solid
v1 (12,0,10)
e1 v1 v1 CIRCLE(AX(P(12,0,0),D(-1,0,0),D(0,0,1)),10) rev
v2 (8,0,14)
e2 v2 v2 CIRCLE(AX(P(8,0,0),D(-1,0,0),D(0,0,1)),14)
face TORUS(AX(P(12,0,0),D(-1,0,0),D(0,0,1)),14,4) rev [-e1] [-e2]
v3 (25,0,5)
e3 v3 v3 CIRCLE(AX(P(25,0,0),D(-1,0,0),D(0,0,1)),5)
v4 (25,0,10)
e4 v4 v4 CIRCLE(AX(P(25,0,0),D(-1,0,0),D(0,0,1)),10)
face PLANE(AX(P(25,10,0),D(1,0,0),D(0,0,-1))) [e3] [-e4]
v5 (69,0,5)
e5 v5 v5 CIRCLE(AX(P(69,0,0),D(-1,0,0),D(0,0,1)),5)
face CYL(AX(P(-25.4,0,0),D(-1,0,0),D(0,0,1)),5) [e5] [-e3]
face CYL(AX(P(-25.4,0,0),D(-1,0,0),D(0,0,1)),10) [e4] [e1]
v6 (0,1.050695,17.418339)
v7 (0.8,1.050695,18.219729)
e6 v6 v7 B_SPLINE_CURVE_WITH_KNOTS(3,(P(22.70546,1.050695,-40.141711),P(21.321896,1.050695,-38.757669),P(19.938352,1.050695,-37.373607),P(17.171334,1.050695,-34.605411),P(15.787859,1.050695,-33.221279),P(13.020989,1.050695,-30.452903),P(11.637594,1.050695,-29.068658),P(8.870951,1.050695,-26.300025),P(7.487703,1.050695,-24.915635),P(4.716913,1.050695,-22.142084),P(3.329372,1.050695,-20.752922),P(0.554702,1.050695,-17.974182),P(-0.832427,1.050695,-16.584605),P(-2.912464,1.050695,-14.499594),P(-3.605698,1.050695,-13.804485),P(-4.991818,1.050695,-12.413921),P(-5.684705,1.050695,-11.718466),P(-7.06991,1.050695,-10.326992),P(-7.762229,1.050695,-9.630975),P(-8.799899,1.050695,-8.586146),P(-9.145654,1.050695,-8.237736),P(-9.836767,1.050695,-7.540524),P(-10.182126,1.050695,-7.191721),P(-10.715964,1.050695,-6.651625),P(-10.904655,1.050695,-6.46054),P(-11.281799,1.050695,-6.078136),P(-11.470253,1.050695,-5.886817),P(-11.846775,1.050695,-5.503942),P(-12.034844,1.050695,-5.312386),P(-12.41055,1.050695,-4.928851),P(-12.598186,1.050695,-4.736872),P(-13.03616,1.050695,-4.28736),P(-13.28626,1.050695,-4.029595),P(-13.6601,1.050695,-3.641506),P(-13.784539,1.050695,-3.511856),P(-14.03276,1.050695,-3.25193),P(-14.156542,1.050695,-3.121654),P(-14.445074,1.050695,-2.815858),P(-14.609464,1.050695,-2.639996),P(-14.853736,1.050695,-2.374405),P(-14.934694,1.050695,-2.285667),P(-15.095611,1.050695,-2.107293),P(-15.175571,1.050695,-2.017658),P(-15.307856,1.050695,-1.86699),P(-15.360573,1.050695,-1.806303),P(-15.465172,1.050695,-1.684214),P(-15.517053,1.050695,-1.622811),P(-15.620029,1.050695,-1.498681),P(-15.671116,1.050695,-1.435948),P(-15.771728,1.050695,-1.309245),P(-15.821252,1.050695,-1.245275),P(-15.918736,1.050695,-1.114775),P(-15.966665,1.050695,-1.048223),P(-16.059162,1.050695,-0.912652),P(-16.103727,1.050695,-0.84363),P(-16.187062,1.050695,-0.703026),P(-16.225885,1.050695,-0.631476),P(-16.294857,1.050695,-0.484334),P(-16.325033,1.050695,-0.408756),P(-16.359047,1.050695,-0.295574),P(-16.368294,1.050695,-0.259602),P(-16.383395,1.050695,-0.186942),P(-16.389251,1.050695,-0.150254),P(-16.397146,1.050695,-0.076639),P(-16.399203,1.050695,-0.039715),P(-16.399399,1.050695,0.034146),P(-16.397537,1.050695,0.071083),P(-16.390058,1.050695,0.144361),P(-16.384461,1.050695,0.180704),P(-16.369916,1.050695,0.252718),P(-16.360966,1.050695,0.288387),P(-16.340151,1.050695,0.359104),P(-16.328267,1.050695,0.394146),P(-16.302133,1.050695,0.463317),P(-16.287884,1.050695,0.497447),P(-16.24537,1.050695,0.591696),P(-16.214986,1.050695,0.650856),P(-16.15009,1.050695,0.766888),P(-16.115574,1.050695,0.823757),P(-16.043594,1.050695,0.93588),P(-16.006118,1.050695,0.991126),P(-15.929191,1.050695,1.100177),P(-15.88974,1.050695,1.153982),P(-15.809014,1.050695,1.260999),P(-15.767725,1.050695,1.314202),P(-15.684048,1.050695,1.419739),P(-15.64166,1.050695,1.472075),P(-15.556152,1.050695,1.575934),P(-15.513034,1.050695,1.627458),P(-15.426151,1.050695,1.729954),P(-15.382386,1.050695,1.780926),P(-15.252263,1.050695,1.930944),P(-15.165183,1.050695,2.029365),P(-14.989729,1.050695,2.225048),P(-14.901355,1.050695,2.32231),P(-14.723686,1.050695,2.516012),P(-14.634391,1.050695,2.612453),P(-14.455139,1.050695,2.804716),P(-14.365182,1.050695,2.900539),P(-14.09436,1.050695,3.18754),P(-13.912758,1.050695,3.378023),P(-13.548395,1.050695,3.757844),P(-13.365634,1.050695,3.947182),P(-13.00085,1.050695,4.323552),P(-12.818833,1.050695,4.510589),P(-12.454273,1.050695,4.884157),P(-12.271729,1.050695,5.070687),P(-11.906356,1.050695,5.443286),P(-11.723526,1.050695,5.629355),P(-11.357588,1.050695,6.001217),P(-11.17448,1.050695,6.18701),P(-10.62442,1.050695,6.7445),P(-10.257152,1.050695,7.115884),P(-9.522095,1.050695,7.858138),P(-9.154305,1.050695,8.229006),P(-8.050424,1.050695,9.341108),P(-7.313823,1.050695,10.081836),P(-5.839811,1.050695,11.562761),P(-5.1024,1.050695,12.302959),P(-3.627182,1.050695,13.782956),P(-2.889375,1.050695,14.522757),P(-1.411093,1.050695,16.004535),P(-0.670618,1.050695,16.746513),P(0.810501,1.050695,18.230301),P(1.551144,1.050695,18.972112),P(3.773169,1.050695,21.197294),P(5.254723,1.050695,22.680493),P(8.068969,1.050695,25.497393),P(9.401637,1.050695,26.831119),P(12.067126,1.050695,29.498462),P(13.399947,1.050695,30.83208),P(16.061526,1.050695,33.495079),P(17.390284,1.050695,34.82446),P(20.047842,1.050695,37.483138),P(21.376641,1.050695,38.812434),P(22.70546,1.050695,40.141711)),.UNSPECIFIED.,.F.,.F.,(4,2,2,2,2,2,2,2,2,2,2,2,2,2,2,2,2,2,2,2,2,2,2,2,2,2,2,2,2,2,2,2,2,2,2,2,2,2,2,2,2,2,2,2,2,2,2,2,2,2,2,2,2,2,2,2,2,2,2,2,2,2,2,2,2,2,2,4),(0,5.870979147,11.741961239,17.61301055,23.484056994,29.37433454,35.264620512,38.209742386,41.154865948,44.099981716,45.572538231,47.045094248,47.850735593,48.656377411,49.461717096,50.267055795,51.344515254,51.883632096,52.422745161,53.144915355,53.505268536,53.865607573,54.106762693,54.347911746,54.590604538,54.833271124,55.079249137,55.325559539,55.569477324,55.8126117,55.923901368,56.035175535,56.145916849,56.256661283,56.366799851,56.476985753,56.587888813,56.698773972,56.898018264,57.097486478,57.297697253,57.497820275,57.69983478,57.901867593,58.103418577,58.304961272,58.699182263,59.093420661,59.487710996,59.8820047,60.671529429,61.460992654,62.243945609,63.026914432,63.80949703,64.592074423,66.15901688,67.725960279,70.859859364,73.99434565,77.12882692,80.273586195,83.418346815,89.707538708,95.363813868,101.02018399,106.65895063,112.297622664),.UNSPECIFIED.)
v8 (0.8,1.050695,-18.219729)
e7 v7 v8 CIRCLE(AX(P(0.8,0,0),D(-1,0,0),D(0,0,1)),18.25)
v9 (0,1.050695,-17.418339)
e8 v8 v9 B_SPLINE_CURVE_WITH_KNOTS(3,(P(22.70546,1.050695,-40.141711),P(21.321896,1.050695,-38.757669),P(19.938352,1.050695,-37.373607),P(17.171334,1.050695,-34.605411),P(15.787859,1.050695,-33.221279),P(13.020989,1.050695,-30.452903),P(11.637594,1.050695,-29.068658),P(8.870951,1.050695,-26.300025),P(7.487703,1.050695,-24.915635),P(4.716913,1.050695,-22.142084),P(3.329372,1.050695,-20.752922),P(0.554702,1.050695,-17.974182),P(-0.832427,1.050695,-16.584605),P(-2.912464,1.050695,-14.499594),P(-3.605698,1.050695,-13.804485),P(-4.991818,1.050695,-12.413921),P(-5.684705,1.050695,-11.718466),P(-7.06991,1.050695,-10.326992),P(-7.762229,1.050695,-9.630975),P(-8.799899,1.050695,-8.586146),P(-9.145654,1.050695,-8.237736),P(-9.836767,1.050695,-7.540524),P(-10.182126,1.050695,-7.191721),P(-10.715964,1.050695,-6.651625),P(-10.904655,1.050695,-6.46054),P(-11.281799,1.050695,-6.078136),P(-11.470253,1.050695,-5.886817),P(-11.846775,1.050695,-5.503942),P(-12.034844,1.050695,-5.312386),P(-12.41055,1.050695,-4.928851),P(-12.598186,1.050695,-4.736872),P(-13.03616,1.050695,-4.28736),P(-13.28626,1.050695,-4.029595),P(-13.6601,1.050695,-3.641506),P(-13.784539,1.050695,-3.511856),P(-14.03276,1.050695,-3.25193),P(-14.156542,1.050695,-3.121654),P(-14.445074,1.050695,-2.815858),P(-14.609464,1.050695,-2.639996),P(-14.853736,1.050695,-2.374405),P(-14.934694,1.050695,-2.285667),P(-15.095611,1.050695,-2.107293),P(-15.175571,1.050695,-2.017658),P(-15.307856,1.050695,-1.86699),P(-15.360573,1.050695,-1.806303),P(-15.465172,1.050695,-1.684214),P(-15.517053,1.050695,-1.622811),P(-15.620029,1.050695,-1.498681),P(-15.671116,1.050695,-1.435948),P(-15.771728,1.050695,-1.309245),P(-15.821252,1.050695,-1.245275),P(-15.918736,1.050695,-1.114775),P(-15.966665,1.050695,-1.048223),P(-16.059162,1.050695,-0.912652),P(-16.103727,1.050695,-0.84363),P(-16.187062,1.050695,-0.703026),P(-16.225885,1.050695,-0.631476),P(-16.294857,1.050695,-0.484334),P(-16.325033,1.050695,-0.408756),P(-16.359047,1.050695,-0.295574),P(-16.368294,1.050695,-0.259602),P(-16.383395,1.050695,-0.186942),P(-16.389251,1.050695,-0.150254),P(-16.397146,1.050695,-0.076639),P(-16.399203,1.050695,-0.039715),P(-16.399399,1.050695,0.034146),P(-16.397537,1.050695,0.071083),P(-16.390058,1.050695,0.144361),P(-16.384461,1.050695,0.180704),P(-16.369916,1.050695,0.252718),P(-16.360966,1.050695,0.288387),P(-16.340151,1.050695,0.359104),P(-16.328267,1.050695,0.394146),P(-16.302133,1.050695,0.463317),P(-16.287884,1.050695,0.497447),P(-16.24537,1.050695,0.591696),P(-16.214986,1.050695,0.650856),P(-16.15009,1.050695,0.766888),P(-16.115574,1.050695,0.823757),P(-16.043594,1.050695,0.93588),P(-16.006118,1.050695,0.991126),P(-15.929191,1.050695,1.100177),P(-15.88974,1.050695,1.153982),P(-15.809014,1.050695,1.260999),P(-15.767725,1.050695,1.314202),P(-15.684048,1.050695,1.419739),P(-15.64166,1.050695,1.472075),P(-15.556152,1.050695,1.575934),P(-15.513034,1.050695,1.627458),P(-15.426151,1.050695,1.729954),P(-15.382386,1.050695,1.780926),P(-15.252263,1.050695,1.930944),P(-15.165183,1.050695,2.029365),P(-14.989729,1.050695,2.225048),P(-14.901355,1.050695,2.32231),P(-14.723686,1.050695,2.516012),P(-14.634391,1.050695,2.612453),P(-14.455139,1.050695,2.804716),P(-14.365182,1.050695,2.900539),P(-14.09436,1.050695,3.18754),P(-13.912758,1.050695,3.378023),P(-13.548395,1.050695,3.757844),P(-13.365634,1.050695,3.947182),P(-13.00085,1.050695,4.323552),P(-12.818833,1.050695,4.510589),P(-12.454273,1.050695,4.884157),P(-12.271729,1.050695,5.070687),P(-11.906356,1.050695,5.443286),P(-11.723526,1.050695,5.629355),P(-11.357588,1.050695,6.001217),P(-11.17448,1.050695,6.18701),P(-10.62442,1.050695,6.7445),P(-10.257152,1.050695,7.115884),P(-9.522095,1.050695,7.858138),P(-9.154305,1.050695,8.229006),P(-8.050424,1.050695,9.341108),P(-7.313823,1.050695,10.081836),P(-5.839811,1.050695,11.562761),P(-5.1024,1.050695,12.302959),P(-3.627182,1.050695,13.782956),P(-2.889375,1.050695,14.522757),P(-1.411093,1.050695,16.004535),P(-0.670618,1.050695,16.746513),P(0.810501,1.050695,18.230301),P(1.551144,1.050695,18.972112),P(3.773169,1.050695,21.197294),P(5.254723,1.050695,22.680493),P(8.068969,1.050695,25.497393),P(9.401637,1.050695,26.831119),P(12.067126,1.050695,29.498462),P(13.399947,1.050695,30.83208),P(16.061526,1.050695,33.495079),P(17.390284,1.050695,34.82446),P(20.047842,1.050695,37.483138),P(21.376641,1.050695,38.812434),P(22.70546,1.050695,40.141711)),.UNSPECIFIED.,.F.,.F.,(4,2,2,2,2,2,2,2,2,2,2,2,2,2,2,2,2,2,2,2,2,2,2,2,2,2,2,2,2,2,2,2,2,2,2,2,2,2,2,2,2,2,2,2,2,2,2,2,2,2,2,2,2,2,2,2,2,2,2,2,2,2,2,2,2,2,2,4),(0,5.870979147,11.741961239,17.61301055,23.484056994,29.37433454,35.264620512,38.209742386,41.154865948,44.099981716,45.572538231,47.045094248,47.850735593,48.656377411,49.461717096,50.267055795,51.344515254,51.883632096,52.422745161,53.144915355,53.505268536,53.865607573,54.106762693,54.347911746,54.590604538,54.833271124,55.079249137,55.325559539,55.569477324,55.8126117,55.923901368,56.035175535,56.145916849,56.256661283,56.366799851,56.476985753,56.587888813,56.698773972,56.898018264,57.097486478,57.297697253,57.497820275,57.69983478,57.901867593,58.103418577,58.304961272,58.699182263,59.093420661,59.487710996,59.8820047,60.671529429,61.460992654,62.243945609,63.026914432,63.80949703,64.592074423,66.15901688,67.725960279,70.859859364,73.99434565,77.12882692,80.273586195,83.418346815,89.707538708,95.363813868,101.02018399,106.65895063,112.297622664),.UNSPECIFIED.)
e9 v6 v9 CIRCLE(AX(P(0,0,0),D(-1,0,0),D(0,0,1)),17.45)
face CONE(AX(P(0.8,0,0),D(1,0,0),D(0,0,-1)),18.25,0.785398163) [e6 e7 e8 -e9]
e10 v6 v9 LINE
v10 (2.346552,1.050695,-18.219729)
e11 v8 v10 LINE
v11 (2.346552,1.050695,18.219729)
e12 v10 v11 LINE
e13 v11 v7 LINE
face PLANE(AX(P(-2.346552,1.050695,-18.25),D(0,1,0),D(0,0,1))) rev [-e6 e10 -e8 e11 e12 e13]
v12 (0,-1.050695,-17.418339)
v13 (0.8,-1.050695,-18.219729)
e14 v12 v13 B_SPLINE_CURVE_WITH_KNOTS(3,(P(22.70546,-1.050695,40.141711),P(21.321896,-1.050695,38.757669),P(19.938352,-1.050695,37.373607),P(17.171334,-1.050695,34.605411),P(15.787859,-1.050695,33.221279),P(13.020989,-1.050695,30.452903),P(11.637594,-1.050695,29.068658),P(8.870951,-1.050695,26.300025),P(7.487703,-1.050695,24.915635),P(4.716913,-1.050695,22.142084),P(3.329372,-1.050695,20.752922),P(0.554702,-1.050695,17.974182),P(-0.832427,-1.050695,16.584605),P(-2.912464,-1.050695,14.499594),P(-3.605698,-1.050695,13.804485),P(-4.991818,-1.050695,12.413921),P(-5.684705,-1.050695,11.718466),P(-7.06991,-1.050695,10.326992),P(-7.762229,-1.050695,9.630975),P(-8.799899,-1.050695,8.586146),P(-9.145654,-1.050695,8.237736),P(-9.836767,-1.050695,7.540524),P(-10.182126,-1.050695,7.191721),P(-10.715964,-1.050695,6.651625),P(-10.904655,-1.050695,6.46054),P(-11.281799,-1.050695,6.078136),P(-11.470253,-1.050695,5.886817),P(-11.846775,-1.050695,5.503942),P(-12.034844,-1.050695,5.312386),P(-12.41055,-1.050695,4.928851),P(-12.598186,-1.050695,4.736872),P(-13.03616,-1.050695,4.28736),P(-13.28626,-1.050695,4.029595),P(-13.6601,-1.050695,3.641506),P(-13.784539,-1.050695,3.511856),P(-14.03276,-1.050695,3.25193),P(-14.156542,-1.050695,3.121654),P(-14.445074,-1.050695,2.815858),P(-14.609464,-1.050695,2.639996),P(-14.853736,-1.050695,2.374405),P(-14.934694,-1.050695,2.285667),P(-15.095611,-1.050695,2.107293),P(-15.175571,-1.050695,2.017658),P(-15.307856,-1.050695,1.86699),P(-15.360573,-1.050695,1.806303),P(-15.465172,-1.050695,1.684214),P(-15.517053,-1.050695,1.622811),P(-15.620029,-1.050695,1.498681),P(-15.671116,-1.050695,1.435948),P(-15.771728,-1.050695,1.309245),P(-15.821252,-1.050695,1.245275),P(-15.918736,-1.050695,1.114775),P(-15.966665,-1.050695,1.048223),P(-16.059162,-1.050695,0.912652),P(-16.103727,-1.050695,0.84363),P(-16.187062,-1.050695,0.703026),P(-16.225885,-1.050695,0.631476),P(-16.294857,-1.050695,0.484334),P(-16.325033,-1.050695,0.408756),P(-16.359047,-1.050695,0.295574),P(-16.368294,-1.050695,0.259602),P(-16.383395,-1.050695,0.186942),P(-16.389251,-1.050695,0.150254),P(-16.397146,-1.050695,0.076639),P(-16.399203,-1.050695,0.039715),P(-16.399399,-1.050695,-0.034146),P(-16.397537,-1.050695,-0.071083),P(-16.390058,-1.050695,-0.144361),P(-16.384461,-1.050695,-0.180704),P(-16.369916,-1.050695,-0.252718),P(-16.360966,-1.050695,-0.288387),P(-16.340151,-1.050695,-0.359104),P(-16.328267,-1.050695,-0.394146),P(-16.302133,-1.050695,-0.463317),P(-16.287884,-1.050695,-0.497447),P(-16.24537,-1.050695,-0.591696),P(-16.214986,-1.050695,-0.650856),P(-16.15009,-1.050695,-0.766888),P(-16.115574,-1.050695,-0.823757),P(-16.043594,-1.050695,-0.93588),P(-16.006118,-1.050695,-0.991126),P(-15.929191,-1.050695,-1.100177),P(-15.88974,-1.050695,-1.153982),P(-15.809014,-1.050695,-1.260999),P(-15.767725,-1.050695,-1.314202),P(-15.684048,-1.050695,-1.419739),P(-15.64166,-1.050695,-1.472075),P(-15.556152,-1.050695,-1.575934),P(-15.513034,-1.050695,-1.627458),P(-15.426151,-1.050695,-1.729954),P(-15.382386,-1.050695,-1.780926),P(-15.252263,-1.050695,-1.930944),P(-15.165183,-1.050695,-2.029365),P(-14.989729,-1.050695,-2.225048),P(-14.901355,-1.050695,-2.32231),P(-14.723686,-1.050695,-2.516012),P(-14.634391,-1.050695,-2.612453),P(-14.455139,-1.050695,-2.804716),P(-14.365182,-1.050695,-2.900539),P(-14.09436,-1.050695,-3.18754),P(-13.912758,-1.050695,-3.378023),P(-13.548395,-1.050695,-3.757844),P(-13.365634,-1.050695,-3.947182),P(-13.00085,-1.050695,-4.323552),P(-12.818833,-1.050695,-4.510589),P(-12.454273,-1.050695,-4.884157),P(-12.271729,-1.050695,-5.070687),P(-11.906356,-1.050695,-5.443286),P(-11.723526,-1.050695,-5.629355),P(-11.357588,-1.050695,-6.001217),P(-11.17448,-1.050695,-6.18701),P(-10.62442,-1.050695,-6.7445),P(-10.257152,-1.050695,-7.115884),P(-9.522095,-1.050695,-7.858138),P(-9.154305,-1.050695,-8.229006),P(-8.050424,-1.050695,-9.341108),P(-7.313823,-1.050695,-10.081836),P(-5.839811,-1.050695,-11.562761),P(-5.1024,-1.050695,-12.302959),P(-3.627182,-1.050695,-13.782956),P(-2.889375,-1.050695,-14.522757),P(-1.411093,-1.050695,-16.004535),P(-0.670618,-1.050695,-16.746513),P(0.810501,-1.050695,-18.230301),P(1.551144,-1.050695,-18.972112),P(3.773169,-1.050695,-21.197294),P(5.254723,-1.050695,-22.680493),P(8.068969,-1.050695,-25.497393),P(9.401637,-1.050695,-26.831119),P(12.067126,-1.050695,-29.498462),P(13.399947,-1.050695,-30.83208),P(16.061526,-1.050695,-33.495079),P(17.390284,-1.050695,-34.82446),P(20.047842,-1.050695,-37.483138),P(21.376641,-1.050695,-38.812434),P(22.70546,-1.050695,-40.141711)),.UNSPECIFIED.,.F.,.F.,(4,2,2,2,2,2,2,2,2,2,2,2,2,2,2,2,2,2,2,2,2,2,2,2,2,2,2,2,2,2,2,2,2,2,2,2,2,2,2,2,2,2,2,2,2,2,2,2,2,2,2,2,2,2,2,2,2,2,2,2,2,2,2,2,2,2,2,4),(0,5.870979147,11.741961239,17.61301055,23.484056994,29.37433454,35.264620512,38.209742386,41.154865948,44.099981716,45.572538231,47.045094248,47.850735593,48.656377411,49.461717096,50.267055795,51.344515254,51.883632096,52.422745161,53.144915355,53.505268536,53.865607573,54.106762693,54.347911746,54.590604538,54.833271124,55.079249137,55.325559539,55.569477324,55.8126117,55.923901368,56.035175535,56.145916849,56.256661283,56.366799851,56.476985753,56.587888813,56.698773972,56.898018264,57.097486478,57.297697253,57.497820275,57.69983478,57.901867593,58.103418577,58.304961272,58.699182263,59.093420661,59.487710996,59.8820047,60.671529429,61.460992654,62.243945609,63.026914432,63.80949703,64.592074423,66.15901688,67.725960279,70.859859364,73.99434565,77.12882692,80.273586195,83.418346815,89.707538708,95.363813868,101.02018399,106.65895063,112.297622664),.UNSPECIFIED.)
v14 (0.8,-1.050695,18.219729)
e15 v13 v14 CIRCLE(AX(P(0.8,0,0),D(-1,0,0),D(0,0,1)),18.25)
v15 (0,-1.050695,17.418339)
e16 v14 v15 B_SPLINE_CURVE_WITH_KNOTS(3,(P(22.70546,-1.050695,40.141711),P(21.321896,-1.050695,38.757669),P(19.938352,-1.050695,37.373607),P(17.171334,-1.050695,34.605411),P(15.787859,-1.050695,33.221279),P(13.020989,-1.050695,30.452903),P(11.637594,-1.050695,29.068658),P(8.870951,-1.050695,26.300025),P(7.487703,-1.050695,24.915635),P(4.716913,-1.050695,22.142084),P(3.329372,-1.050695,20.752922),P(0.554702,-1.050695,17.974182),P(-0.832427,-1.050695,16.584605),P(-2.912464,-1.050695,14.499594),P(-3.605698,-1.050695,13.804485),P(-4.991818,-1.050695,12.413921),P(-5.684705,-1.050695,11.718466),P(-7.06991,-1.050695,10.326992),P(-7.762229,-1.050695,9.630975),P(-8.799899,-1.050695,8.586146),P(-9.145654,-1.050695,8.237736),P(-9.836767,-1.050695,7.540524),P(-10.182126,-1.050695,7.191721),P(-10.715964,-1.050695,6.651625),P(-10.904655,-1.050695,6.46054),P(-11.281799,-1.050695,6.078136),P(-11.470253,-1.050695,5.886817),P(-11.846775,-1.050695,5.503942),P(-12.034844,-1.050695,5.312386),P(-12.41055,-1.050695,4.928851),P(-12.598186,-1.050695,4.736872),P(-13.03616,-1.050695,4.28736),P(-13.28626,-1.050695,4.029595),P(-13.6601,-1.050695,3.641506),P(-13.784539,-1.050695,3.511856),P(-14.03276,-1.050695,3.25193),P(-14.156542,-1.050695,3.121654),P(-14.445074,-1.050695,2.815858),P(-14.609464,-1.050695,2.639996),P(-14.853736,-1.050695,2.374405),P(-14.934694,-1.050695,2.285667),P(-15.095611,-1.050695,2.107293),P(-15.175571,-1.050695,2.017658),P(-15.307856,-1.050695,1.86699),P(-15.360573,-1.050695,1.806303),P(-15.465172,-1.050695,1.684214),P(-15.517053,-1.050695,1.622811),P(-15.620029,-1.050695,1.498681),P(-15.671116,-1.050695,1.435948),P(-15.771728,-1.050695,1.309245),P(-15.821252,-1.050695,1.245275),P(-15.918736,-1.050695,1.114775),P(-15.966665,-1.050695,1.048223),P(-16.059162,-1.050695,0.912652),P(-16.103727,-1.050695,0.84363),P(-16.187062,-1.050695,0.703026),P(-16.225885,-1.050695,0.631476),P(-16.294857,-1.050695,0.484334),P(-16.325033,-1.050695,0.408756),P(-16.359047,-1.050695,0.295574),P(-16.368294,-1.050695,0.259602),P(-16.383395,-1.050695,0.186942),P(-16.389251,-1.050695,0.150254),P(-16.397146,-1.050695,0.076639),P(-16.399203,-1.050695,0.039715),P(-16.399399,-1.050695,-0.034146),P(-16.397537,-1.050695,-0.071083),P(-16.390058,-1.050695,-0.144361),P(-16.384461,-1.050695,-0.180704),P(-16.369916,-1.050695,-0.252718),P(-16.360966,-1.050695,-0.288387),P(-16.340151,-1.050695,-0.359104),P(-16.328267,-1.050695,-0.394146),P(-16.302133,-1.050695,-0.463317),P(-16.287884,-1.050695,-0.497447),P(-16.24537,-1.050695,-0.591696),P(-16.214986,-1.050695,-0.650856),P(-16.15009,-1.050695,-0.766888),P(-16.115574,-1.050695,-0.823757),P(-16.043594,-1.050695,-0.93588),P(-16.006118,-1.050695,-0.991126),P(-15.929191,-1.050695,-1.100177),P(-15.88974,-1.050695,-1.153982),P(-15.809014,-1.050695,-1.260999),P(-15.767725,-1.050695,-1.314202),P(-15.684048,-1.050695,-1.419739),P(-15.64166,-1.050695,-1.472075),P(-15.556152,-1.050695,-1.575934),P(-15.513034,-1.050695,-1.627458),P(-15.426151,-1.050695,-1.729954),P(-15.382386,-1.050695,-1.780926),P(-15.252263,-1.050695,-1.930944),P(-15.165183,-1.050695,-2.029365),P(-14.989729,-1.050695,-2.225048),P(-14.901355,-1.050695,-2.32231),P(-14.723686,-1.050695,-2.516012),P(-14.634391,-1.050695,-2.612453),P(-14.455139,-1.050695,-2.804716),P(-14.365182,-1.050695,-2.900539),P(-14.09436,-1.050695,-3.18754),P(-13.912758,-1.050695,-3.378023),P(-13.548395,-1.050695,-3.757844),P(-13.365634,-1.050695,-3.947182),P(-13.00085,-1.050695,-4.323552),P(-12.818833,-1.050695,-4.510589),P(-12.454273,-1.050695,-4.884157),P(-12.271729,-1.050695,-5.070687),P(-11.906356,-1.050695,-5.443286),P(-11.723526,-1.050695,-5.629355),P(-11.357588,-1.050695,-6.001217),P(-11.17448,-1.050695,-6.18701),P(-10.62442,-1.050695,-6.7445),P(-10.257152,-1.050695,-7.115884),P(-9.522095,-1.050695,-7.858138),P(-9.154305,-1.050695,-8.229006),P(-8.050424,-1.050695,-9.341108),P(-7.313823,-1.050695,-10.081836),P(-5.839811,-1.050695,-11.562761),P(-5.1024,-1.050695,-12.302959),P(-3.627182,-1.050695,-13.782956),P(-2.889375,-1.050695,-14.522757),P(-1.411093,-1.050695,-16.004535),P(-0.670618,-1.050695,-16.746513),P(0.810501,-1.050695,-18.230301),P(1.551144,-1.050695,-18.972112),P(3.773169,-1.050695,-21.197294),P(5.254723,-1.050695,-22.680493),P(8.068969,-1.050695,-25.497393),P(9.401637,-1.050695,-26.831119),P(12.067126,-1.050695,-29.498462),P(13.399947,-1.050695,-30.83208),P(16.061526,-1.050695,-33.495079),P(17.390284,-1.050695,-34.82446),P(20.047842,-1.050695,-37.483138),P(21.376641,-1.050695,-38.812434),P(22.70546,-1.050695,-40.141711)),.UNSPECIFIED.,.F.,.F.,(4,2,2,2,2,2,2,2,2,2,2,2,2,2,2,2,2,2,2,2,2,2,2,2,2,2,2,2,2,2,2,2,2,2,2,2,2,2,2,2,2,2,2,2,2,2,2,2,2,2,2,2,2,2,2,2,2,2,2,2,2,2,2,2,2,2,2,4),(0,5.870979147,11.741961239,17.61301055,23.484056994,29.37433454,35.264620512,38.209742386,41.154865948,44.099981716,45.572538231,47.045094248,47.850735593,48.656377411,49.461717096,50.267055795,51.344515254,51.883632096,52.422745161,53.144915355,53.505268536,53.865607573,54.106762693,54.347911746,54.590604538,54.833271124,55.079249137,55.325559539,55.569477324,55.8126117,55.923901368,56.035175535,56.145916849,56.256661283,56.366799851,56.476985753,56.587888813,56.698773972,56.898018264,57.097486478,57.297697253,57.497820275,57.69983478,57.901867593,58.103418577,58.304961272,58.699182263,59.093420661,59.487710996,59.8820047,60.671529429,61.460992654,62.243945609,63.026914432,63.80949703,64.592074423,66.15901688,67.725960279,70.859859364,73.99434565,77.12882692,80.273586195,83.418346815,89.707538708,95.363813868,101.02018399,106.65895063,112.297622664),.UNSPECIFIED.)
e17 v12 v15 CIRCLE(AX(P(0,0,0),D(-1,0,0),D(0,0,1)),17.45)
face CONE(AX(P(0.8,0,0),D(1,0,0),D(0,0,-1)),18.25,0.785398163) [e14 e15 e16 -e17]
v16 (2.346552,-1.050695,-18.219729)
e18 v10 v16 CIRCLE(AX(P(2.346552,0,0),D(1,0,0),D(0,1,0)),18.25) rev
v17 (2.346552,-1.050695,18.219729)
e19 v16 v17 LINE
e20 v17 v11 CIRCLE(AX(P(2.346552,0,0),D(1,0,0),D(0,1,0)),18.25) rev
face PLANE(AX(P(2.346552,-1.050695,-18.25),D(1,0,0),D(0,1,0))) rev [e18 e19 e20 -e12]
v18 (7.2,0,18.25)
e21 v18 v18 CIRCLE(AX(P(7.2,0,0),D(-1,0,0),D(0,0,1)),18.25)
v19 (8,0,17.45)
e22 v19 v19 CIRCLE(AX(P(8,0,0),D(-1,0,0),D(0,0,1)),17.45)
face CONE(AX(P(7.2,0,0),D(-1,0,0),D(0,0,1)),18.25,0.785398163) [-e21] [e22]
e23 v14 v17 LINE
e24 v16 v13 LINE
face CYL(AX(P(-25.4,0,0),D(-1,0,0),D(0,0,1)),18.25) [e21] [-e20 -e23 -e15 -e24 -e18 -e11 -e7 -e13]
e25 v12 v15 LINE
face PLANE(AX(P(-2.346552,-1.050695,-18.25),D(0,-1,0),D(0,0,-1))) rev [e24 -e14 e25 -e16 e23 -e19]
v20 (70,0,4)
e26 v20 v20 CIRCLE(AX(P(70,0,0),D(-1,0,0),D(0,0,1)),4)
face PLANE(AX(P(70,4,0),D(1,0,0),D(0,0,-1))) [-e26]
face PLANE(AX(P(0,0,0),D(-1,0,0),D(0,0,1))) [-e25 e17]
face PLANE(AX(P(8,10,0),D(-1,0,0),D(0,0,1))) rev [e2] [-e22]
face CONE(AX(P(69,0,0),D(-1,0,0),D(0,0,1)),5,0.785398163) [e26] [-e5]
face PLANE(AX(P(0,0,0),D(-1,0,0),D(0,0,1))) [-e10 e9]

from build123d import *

# Parameters (mm, degrees)
SLOT_DEPTH      = 75.606467548
SLOT_DEPTH_BACK = 75.606467548
SLOTSKE_W       = 4.69310445
SLOTSKE_H       = 2.101390052
FILLET1_R       = 4


with BuildPart() as part:
    # BodySke → Base-Revolve (revolve)
    with BuildSketch(Plane.XY, mode=Mode.PRIVATE) as base_revolve_sk:
        Polygon((69, 5), (70, 4), (70, 0), (0, 0), (0, 17.45), (0.8, 18.25), (7.2, 18.25), (8, 17.45), (8, 10), (25, 10), (25, 5), align=None)
    revolve(base_revolve_sk.sketch.rotate(Axis((-25.4, 0, 0), (1, 0, 0)), 90), axis=Axis((-25.4, 0, 0), (1, 0, 0)))

    # SlotSke → Slot (cut, two sides: drawn at the far end of the back side and taken through both)
    with BuildSketch(Plane.XY.offset(-SLOT_DEPTH_BACK)):
        Rectangle(SLOTSKE_W, SLOTSKE_H)
    extrude(amount=SLOT_DEPTH + SLOT_DEPTH_BACK, mode=Mode.SUBTRACT)

    # Fillet1
    fillet1_edges = [part.edges().sort_by_distance(p)[0] for p in [
        (8, 0, -10),
    ]]
    fillet(fillet1_edges, radius=FILLET1_R)


solid = part.part
